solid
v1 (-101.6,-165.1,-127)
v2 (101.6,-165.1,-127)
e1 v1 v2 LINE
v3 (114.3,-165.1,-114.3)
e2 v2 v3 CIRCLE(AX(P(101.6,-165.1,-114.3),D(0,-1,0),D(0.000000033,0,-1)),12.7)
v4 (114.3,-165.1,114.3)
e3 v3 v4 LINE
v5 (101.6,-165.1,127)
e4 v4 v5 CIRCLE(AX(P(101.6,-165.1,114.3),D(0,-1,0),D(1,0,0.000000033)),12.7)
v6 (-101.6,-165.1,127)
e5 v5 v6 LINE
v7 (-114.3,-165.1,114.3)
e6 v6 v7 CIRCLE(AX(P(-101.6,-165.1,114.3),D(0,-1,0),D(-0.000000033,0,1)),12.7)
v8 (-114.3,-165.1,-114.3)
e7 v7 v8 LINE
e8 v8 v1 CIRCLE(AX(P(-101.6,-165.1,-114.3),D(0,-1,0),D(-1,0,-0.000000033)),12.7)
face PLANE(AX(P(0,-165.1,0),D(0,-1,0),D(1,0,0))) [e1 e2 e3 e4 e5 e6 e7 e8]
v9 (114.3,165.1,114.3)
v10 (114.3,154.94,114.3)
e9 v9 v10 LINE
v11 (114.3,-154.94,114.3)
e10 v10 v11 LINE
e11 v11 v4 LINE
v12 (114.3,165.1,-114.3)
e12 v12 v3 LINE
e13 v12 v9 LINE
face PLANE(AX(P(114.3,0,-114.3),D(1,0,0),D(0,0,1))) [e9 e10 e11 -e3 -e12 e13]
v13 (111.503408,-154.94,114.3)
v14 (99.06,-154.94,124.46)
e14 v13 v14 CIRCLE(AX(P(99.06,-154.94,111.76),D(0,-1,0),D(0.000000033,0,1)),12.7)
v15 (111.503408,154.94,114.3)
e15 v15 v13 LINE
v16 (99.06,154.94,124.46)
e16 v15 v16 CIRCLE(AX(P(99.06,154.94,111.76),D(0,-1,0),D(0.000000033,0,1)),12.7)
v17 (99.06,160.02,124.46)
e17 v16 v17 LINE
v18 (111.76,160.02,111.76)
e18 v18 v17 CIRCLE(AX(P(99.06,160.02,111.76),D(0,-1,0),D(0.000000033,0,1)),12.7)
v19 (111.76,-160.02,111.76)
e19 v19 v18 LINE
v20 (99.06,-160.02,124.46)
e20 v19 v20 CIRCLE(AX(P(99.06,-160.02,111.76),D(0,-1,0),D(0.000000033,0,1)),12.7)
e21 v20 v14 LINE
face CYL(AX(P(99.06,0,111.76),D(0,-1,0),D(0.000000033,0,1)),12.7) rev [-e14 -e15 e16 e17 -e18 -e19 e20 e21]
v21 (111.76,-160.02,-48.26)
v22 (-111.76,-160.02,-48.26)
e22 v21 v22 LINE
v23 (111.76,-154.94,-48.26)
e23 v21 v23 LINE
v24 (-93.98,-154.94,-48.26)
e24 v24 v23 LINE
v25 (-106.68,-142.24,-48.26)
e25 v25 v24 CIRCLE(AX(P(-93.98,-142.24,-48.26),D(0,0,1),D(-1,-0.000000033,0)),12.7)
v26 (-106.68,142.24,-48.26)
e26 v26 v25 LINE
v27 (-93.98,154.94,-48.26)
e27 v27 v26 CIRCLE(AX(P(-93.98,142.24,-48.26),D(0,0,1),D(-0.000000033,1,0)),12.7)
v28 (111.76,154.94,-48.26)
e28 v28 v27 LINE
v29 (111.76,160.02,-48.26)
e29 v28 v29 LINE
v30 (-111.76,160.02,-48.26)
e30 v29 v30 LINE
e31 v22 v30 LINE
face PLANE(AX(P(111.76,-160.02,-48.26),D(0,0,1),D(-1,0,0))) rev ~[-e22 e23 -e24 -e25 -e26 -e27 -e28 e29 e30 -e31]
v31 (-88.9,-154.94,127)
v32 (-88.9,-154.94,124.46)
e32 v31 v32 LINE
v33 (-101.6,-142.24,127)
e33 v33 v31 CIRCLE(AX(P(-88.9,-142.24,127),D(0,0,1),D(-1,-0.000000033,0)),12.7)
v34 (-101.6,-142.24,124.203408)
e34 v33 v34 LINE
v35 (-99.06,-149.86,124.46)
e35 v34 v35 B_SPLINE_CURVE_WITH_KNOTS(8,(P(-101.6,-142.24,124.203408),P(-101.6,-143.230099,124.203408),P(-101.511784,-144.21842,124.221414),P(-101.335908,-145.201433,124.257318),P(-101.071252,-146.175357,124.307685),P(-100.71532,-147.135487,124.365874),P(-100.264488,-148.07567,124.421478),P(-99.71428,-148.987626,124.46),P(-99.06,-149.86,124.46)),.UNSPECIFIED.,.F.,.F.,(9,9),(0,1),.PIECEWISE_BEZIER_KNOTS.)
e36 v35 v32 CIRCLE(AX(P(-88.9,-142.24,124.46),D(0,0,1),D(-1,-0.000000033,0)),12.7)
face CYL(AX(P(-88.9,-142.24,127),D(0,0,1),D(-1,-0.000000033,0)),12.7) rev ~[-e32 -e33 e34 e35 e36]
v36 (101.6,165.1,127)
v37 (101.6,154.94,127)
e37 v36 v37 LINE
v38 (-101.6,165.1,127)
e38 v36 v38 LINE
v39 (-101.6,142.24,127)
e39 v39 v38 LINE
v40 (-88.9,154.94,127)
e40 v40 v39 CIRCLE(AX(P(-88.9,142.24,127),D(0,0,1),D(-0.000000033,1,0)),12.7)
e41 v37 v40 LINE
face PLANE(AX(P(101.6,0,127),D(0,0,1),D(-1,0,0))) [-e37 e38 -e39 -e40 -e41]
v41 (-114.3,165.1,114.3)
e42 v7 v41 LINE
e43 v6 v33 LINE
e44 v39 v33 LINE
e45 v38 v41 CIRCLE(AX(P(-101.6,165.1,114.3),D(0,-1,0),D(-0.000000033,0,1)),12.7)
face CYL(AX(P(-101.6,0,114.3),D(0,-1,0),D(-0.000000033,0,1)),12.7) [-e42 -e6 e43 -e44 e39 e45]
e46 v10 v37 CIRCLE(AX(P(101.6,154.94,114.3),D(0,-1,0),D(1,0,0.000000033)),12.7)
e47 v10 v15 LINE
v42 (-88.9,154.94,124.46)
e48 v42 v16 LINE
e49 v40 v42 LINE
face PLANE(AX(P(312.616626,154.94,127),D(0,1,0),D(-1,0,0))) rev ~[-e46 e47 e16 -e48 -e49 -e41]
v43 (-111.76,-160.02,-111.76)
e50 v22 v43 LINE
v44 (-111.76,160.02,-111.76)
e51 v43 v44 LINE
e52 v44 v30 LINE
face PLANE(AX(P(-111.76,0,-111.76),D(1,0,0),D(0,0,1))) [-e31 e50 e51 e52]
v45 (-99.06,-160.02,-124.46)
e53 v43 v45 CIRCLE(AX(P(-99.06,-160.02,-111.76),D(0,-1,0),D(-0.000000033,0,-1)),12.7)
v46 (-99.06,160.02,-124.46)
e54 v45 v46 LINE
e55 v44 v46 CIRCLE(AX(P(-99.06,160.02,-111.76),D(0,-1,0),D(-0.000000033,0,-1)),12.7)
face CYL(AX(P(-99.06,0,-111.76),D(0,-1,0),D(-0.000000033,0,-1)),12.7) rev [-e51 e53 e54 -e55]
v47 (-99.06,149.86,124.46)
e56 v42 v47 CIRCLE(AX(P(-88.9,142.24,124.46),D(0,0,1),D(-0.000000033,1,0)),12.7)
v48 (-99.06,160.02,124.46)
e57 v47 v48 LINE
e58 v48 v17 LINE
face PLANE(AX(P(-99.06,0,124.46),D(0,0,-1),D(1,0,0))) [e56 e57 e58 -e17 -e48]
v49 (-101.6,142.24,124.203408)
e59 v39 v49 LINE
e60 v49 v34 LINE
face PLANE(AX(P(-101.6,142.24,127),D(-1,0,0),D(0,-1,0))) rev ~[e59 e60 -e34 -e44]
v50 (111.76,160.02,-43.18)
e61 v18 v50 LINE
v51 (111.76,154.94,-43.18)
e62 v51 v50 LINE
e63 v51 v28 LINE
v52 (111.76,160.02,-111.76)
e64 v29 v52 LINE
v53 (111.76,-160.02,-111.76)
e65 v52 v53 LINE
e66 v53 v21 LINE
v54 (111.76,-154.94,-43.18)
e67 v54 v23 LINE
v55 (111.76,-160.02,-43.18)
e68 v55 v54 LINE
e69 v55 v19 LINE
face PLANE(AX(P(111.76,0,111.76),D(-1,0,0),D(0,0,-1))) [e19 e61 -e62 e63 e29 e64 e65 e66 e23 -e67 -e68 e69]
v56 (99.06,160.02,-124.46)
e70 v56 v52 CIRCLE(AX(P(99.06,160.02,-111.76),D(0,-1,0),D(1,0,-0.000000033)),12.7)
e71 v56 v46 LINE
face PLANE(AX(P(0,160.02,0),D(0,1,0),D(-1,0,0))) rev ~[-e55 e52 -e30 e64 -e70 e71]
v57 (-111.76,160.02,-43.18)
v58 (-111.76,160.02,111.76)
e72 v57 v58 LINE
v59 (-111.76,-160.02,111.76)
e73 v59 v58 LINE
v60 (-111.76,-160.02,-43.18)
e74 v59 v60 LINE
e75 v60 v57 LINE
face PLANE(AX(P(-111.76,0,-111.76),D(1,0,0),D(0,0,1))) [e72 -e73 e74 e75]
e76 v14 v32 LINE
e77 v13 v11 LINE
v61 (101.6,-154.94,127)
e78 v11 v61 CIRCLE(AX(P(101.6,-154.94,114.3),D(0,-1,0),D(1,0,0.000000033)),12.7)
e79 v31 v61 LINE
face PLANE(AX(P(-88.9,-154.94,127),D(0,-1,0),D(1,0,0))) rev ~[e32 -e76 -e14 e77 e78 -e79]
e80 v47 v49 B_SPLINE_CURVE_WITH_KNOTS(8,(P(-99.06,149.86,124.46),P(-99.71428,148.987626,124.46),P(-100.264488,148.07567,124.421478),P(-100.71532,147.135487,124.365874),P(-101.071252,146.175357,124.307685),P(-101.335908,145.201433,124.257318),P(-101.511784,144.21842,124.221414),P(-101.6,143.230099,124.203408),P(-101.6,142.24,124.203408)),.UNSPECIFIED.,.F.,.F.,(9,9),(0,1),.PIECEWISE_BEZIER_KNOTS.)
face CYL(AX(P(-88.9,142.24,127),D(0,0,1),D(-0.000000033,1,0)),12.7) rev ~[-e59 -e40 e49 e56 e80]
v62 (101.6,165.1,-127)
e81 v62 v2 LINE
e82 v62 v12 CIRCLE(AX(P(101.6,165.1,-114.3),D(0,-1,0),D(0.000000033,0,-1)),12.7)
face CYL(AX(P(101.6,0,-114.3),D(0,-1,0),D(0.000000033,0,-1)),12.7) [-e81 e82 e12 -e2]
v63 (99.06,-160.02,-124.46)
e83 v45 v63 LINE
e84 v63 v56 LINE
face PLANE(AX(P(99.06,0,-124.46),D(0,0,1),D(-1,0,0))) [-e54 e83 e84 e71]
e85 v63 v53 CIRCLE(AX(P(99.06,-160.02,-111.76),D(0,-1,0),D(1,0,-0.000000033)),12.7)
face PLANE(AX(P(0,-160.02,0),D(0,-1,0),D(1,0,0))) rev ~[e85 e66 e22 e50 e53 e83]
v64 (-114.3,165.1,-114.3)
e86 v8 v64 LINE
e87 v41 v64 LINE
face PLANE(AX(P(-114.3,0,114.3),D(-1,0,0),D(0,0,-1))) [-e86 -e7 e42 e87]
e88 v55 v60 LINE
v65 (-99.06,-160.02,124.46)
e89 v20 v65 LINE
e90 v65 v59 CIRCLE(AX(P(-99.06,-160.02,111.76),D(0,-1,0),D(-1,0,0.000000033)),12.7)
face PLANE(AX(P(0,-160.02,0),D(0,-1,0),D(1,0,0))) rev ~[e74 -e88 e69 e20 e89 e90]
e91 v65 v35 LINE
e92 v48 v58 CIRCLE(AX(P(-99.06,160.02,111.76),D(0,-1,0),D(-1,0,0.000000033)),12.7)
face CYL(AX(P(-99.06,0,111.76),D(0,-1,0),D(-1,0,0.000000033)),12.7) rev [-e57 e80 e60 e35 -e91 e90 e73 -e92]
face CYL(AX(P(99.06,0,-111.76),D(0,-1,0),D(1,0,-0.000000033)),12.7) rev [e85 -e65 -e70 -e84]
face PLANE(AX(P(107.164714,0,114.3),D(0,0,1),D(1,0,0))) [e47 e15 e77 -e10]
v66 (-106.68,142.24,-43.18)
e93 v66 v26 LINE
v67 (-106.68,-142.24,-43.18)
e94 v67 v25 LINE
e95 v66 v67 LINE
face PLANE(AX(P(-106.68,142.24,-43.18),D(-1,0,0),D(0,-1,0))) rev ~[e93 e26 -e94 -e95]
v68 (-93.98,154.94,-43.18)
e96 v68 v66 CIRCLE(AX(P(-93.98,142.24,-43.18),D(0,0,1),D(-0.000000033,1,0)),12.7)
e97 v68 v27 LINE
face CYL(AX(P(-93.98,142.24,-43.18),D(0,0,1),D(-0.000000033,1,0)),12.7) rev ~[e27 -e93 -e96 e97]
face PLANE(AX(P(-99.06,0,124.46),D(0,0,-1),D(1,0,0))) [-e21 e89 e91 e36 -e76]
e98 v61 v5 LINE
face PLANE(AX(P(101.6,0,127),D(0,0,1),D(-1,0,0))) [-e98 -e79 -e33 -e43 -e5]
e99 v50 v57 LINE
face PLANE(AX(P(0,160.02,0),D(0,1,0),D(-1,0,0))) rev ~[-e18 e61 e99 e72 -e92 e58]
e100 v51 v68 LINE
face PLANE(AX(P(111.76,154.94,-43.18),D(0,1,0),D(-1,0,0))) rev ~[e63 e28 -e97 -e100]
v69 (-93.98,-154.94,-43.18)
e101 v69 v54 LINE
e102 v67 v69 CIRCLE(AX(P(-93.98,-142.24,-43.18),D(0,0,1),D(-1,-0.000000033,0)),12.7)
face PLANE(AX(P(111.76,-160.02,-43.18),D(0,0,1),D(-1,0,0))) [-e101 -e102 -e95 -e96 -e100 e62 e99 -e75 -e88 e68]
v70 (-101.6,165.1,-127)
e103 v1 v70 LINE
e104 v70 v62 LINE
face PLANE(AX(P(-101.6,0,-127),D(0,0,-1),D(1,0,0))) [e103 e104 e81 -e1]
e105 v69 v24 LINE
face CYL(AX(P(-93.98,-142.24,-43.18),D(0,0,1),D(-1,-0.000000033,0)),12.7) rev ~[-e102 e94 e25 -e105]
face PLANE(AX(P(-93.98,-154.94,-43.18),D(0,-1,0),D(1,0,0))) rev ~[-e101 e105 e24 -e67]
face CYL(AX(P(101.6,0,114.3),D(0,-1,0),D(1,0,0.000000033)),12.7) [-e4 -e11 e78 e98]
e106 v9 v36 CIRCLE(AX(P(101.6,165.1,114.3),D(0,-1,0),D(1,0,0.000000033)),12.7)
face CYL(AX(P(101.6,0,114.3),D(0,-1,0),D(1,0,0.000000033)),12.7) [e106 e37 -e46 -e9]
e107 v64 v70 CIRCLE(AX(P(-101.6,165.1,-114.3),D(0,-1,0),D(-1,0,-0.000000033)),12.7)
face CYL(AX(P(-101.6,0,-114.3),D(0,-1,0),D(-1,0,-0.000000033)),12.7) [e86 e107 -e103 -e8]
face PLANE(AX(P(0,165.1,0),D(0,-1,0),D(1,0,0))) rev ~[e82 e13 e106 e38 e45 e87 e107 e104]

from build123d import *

# Parameters (mm, degrees)
F1_DEPTH      = 165.1
F1_DEPTH_BACK = 165.1
F3_DEPTH      = 12.7
F5_DEPTH      = 5.08
F7_DEPTH      = 5.08
F8_W          = 223.52
F8_H          = 5.08
F9_DEPTH      = 320.04
F11_DEPTH     = 25.4


with BuildPart() as f1:
    # F0 (on Front) → F1 (new body, two sides)
    with BuildSketch(Plane.XZ) as f1_sk:
        with BuildLine():
            Line((-101.6, -127), (101.6, -127))
            ThreePointArc((101.6, -127), (110.580256, -123.280256), (114.3, -114.3))
            Line((114.3, -114.3), (114.3, 114.3))
            ThreePointArc((114.3, 114.3), (110.580256, 123.280256), (101.6, 127))
            Line((101.6, 127), (-101.6, 127))
            ThreePointArc((-101.6, 127), (-110.580256, 123.280256), (-114.3, 114.3))
            Line((-114.3, 114.3), (-114.3, -114.3))
            ThreePointArc((-114.3, -114.3), (-110.580256, -123.280256), (-101.6, -127))
        make_face()
        with BuildLine():
            ThreePointArc((111.76, -111.76), (108.040256, -120.740256), (99.06, -124.46))
            Line((99.06, -124.46), (-99.06, -124.46))
            ThreePointArc((-99.06, -124.46), (-108.040256, -120.740256), (-111.76, -111.76))
            Line((-111.76, -111.76), (-111.76, 111.76))
            ThreePointArc((-111.76, 111.76), (-108.040256, 120.740256), (-99.06, 124.46))
            Line((-99.06, 124.46), (99.06, 124.46))
            ThreePointArc((99.06, 124.46), (108.040256, 120.740256), (111.76, 111.76))
            Line((111.76, 111.76), (111.76, -111.76))
        make_face(mode=Mode.SUBTRACT)
    extrude(amount=F1_DEPTH)
    extrude(f1_sk.sketch, amount=-F1_DEPTH_BACK)

    # F2 (on face) → F3 (cut)
    with BuildSketch(Plane.XY.offset(127)):
        with BuildLine():
            Line((-88.9, -154.94), (312.616626, -154.94))
            Line((312.616626, -154.94), (312.616626, 154.94))
            Line((312.616626, 154.94), (-88.9, 154.94))
            ThreePointArc((-88.9, 154.94), (-97.880256, 151.220256), (-101.6, 142.24))
            Line((-101.6, 142.24), (-101.6, -142.24))
            ThreePointArc((-101.6, -142.24), (-97.880256, -151.220256), (-88.9, -154.94))
        make_face()
    extrude(amount=-F3_DEPTH, mode=Mode.SUBTRACT)

    # F4 (on face) → F5 (join)
    with BuildSketch(Plane.XZ.offset(165.1)):
        with BuildLine():
            Line((-101.6, -127), (101.6, -127))
            ThreePointArc((101.6, -127), (110.580256, -123.280256), (114.3, -114.3))
            Line((114.3, -114.3), (114.3, 114.3))
            ThreePointArc((114.3, 114.3), (110.580256, 123.280256), (101.6, 127))
            Line((101.6, 127), (-101.6, 127))
            ThreePointArc((-101.6, 127), (-110.580256, 123.280256), (-114.3, 114.3))
            Line((-114.3, 114.3), (-114.3, -114.3))
            ThreePointArc((-114.3, -114.3), (-110.580256, -123.280256), (-101.6, -127))
        make_face()
    extrude(amount=-F5_DEPTH)

    # F6 (on face) → F7 (join)
    with BuildSketch(Plane(origin=(0, 165.1, 0), x_dir=(-1, 0, 0), z_dir=(0, 1, 0))):
        with BuildLine():
            Line((-101.6, -127), (101.6, -127))
            ThreePointArc((101.6, -127), (110.580256, -123.280256), (114.3, -114.3))
            Line((114.3, -114.3), (114.3, 114.3))
            ThreePointArc((114.3, 114.3), (110.580256, 123.280256), (101.6, 127))
            Line((101.6, 127), (-101.6, 127))
            ThreePointArc((-101.6, 127), (-110.580256, 123.280256), (-114.3, 114.3))
            Line((-114.3, 114.3), (-114.3, -114.3))
            ThreePointArc((-114.3, -114.3), (-110.580256, -123.280256), (-101.6, -127))
        make_face()
    extrude(amount=-F7_DEPTH)

    # F8 (on face) → F9 (join)
    with BuildSketch(Plane(origin=(0, -160.02, 0), x_dir=(-1, 0, 0), z_dir=(0, 1, 0))):
        with Locations((0, -45.72)):
            Rectangle(F8_W, F8_H)
    extrude(amount=F9_DEPTH)

    # F10 (on face) → F11 (cut)
    with BuildSketch(Plane.XY.offset(-43.18)):
        with BuildLine():
            Line((111.76, -154.94), (111.76, 154.94))
            Line((111.76, 154.94), (-93.98, 154.94))
            ThreePointArc((-93.98, 154.94), (-102.960256, 151.220256), (-106.68, 142.24))
            Line((-106.68, 142.24), (-106.68, -142.24))
            ThreePointArc((-106.68, -142.24), (-102.960256, -151.220256), (-93.98, -154.94))
            Line((-93.98, -154.94), (111.76, -154.94))
        make_face()
    extrude(amount=-F11_DEPTH, mode=Mode.SUBTRACT)


solid = f1.part
